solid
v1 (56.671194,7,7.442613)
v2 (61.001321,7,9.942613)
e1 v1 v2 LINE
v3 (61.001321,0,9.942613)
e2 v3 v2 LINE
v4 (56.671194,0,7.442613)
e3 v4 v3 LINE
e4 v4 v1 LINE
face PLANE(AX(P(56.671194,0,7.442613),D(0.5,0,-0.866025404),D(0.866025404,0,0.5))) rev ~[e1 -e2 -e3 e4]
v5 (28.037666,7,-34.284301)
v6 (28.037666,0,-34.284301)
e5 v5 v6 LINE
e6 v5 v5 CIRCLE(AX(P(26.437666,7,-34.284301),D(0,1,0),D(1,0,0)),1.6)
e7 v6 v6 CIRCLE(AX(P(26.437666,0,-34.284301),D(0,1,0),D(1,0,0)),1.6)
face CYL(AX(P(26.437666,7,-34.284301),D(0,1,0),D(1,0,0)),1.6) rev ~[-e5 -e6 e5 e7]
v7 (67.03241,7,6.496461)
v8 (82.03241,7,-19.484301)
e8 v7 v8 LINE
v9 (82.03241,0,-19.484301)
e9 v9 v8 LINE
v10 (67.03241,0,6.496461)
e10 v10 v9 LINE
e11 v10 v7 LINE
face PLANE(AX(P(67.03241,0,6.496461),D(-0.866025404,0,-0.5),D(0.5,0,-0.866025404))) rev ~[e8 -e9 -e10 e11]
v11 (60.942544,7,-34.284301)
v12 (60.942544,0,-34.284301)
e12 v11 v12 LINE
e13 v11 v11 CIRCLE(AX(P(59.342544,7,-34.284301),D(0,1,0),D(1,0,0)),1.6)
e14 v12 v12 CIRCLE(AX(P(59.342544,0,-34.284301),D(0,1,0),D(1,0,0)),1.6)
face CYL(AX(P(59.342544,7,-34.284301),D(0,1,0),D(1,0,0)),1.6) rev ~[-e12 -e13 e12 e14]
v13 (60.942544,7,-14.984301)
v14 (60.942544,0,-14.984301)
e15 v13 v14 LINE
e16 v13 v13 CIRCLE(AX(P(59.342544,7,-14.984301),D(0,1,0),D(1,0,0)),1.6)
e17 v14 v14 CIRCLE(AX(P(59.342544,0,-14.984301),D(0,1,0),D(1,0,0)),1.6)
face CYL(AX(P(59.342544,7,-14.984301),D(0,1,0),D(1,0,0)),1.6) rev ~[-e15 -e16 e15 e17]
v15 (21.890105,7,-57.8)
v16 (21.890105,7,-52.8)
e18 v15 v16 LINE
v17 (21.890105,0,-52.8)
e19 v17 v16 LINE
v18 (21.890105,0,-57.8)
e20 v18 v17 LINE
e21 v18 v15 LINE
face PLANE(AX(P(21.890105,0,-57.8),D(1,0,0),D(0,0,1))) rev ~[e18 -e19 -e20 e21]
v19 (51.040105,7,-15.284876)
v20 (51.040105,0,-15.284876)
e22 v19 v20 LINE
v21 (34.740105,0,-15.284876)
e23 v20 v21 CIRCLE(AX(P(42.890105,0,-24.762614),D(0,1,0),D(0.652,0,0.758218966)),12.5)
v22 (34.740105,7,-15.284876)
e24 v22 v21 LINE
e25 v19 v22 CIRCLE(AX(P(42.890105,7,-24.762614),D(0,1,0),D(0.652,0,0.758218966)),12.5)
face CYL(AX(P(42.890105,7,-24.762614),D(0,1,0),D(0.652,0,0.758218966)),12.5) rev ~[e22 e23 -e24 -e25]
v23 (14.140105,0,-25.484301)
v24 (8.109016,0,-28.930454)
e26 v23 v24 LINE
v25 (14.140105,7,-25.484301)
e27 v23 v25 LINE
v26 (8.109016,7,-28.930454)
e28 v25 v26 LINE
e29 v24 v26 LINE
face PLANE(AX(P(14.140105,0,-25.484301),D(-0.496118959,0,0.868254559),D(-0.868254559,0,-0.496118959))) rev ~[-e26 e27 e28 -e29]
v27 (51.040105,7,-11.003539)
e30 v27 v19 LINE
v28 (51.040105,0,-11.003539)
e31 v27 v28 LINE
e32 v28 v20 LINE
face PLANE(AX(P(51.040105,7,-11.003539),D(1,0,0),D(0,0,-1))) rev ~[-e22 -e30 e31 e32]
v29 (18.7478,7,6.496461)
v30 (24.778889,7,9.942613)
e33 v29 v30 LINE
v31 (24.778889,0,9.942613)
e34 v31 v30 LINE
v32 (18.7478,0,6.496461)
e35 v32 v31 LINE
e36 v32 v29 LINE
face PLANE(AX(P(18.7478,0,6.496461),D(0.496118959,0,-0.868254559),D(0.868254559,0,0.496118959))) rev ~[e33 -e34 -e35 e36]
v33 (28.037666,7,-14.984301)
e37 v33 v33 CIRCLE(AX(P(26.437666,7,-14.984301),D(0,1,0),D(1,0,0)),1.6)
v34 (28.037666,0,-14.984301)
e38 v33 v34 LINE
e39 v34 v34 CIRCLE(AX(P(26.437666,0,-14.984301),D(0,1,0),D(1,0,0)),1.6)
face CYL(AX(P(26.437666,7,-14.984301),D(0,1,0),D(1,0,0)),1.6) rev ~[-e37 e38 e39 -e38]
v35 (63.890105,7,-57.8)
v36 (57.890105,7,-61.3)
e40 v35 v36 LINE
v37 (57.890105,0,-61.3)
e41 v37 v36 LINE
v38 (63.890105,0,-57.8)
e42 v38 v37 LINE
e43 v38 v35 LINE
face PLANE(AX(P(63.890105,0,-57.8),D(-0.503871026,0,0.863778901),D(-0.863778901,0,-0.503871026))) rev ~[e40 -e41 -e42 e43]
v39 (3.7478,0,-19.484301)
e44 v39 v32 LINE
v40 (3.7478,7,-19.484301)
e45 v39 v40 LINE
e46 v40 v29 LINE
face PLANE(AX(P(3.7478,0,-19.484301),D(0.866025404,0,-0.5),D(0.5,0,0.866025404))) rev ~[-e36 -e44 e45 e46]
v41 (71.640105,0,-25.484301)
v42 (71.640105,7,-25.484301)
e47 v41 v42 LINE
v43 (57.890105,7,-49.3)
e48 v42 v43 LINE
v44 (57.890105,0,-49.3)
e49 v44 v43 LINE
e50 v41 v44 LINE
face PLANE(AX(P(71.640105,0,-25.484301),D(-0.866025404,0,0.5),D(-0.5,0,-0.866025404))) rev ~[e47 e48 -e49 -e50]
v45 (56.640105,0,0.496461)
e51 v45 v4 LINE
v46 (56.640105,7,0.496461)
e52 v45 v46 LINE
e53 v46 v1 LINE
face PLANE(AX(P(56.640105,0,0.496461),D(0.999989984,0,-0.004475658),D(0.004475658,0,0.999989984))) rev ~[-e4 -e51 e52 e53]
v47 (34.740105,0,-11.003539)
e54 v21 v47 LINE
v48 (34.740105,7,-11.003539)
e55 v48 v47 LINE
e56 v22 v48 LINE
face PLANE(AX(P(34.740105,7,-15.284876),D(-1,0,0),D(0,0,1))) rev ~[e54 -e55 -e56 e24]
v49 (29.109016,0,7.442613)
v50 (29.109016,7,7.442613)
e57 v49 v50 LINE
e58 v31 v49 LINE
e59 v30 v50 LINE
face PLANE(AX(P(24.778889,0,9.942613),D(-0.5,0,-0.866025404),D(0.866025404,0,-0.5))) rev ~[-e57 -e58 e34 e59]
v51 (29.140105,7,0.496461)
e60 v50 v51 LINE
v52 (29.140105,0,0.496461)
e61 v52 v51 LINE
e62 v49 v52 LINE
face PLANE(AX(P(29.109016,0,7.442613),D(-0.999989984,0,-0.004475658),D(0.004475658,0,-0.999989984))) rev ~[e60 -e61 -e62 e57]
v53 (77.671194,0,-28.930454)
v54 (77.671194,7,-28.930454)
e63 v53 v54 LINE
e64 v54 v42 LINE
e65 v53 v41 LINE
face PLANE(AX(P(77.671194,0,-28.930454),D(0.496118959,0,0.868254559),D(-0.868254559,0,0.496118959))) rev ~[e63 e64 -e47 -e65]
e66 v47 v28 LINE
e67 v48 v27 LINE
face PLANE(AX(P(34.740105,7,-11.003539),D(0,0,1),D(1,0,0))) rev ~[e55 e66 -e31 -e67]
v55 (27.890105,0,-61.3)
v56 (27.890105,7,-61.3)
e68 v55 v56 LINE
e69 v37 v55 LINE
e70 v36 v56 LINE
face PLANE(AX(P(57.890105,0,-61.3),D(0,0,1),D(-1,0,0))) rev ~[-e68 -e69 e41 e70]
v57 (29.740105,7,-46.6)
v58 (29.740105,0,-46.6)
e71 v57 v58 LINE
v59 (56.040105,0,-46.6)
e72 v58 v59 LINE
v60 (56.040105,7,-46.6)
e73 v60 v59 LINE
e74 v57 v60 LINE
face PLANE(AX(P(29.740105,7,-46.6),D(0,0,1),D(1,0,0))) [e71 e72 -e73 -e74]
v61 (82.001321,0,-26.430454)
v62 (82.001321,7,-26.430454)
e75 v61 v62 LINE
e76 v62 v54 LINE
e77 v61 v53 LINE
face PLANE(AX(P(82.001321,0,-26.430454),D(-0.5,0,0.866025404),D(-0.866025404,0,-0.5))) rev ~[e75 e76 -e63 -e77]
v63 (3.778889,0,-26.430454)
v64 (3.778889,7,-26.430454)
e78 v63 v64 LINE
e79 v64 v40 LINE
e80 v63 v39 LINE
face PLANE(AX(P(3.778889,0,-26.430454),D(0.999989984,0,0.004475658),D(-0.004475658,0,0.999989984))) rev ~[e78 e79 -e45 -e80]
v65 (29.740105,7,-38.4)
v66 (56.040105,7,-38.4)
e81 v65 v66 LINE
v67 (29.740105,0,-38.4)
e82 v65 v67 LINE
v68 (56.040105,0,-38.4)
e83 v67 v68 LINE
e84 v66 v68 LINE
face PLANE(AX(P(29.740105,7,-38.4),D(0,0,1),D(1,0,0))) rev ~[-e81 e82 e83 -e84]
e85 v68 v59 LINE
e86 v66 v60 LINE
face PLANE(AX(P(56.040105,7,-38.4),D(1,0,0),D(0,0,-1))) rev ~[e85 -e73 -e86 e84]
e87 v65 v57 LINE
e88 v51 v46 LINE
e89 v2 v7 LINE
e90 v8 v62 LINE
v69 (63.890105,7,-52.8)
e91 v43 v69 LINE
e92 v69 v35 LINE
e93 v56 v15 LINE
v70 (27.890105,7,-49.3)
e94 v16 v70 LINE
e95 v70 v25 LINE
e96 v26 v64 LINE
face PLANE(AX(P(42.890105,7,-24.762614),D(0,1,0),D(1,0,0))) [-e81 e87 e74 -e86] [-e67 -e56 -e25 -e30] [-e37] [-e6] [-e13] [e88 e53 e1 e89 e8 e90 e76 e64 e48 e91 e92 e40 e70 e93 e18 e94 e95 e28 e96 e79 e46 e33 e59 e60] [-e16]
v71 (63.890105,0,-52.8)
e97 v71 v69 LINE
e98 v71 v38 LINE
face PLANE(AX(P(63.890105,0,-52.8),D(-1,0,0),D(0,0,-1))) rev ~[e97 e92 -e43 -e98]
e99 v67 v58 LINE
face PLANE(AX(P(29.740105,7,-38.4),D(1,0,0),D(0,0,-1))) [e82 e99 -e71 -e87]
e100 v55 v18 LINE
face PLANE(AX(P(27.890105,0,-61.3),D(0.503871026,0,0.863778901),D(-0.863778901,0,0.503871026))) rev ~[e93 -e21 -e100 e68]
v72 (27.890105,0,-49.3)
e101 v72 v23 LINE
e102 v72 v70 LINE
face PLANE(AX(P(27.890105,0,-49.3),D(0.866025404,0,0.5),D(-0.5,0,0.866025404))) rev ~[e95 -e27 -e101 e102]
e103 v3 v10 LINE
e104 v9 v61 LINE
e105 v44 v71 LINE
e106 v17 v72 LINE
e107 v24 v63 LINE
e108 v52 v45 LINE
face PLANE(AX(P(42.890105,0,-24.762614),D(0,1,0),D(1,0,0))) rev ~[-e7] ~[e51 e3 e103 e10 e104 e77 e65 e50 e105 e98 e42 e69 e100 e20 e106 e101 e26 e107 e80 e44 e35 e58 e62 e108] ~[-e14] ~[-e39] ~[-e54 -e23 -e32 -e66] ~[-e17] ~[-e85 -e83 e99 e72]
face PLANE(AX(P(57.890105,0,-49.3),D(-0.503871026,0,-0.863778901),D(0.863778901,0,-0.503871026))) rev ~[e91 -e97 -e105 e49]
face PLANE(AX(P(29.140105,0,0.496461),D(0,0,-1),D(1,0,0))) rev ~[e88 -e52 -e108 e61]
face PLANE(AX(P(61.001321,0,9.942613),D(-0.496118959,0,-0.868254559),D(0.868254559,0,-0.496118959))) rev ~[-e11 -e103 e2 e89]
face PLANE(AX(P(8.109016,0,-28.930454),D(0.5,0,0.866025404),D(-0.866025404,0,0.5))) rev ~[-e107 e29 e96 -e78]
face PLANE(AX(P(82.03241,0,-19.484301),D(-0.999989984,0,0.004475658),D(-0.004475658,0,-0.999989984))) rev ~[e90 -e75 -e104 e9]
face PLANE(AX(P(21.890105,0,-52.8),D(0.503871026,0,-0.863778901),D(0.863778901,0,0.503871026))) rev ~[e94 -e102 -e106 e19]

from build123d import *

# Parameters (mm, degrees)
BOSS_EXTRUDE3_DEPTH = 7
SKETCH2_R           = 1.6
SKETCH2_W           = 26.3
SKETCH2_H           = 8.2
CUT_EXTRUDE1_DEPTH  = 8


with BuildPart() as part:
    # Sketch1 → Boss-Extrude3 (new body)
    with BuildSketch(Plane(origin=(0, 0, 0), x_dir=(1, 0, 0), z_dir=(0, 1, 0))):
        Polygon((29.1090159, -7.44261314), (29.140104813, -0.496460718), (42.890104813, -0.496460718), (56.640104813, -0.496460718), (56.671193726, -7.44261314), (61.001320745, -9.94261314), (67.032409659, -6.496460718), (82.032409659, 19.484301396), (82.001320745, 26.430453819), (77.671193726, 28.930453819), (71.640104813, 25.484301396), (64.765104813, 37.392150698), (57.890104813, 49.3), (63.890104813, 52.8), (63.890104813, 57.8), (57.890104813, 61.3), (27.890104813, 61.3), (21.890104813, 57.8), (21.890104813, 52.8), (27.890104813, 49.3), (21.015104813, 37.392150698), (14.140104813, 25.484301396), (8.1090159, 28.930453819), (3.778888881, 26.430453819), (3.747799968, 19.484301396), (18.747799968, -6.496460718), (24.778888881, -9.94261314), align=None)
    extrude(amount=BOSS_EXTRUDE3_DEPTH)

    # Sketch2 → Cut-Extrude1 (cut, through all)
    with BuildSketch(Plane(origin=(0, 7, 0), x_dir=(1, 0, 0), z_dir=(0, 1, 0))):
        with Locations((59.342544079, 34.284301396)):
            Circle(SKETCH2_R)
        with Locations((59.342544079, 14.984301396)):
            Circle(SKETCH2_R)
        with Locations((26.437665547, 14.984301396)):
            Circle(SKETCH2_R)
        with Locations((26.437665547, 34.284301396)):
            Circle(SKETCH2_R)
        with BuildLine():
            Line((34.740104813, 11.003539282), (51.040104813, 11.003539282))
            Line((51.040104813, 11.003539282), (51.040104813, 15.284876488))
            ThreePointArc((51.040104813, 15.284876488), (42.890104813, 37.262613559), (34.740104813, 15.284876488))
            Line((34.740104813, 15.284876488), (34.740104813, 11.003539282))
        make_face()
        with Locations((42.890104813, 42.5)):
            Rectangle(SKETCH2_W, SKETCH2_H)
    extrude(amount=-CUT_EXTRUDE1_DEPTH, mode=Mode.SUBTRACT)


solid = part.part
